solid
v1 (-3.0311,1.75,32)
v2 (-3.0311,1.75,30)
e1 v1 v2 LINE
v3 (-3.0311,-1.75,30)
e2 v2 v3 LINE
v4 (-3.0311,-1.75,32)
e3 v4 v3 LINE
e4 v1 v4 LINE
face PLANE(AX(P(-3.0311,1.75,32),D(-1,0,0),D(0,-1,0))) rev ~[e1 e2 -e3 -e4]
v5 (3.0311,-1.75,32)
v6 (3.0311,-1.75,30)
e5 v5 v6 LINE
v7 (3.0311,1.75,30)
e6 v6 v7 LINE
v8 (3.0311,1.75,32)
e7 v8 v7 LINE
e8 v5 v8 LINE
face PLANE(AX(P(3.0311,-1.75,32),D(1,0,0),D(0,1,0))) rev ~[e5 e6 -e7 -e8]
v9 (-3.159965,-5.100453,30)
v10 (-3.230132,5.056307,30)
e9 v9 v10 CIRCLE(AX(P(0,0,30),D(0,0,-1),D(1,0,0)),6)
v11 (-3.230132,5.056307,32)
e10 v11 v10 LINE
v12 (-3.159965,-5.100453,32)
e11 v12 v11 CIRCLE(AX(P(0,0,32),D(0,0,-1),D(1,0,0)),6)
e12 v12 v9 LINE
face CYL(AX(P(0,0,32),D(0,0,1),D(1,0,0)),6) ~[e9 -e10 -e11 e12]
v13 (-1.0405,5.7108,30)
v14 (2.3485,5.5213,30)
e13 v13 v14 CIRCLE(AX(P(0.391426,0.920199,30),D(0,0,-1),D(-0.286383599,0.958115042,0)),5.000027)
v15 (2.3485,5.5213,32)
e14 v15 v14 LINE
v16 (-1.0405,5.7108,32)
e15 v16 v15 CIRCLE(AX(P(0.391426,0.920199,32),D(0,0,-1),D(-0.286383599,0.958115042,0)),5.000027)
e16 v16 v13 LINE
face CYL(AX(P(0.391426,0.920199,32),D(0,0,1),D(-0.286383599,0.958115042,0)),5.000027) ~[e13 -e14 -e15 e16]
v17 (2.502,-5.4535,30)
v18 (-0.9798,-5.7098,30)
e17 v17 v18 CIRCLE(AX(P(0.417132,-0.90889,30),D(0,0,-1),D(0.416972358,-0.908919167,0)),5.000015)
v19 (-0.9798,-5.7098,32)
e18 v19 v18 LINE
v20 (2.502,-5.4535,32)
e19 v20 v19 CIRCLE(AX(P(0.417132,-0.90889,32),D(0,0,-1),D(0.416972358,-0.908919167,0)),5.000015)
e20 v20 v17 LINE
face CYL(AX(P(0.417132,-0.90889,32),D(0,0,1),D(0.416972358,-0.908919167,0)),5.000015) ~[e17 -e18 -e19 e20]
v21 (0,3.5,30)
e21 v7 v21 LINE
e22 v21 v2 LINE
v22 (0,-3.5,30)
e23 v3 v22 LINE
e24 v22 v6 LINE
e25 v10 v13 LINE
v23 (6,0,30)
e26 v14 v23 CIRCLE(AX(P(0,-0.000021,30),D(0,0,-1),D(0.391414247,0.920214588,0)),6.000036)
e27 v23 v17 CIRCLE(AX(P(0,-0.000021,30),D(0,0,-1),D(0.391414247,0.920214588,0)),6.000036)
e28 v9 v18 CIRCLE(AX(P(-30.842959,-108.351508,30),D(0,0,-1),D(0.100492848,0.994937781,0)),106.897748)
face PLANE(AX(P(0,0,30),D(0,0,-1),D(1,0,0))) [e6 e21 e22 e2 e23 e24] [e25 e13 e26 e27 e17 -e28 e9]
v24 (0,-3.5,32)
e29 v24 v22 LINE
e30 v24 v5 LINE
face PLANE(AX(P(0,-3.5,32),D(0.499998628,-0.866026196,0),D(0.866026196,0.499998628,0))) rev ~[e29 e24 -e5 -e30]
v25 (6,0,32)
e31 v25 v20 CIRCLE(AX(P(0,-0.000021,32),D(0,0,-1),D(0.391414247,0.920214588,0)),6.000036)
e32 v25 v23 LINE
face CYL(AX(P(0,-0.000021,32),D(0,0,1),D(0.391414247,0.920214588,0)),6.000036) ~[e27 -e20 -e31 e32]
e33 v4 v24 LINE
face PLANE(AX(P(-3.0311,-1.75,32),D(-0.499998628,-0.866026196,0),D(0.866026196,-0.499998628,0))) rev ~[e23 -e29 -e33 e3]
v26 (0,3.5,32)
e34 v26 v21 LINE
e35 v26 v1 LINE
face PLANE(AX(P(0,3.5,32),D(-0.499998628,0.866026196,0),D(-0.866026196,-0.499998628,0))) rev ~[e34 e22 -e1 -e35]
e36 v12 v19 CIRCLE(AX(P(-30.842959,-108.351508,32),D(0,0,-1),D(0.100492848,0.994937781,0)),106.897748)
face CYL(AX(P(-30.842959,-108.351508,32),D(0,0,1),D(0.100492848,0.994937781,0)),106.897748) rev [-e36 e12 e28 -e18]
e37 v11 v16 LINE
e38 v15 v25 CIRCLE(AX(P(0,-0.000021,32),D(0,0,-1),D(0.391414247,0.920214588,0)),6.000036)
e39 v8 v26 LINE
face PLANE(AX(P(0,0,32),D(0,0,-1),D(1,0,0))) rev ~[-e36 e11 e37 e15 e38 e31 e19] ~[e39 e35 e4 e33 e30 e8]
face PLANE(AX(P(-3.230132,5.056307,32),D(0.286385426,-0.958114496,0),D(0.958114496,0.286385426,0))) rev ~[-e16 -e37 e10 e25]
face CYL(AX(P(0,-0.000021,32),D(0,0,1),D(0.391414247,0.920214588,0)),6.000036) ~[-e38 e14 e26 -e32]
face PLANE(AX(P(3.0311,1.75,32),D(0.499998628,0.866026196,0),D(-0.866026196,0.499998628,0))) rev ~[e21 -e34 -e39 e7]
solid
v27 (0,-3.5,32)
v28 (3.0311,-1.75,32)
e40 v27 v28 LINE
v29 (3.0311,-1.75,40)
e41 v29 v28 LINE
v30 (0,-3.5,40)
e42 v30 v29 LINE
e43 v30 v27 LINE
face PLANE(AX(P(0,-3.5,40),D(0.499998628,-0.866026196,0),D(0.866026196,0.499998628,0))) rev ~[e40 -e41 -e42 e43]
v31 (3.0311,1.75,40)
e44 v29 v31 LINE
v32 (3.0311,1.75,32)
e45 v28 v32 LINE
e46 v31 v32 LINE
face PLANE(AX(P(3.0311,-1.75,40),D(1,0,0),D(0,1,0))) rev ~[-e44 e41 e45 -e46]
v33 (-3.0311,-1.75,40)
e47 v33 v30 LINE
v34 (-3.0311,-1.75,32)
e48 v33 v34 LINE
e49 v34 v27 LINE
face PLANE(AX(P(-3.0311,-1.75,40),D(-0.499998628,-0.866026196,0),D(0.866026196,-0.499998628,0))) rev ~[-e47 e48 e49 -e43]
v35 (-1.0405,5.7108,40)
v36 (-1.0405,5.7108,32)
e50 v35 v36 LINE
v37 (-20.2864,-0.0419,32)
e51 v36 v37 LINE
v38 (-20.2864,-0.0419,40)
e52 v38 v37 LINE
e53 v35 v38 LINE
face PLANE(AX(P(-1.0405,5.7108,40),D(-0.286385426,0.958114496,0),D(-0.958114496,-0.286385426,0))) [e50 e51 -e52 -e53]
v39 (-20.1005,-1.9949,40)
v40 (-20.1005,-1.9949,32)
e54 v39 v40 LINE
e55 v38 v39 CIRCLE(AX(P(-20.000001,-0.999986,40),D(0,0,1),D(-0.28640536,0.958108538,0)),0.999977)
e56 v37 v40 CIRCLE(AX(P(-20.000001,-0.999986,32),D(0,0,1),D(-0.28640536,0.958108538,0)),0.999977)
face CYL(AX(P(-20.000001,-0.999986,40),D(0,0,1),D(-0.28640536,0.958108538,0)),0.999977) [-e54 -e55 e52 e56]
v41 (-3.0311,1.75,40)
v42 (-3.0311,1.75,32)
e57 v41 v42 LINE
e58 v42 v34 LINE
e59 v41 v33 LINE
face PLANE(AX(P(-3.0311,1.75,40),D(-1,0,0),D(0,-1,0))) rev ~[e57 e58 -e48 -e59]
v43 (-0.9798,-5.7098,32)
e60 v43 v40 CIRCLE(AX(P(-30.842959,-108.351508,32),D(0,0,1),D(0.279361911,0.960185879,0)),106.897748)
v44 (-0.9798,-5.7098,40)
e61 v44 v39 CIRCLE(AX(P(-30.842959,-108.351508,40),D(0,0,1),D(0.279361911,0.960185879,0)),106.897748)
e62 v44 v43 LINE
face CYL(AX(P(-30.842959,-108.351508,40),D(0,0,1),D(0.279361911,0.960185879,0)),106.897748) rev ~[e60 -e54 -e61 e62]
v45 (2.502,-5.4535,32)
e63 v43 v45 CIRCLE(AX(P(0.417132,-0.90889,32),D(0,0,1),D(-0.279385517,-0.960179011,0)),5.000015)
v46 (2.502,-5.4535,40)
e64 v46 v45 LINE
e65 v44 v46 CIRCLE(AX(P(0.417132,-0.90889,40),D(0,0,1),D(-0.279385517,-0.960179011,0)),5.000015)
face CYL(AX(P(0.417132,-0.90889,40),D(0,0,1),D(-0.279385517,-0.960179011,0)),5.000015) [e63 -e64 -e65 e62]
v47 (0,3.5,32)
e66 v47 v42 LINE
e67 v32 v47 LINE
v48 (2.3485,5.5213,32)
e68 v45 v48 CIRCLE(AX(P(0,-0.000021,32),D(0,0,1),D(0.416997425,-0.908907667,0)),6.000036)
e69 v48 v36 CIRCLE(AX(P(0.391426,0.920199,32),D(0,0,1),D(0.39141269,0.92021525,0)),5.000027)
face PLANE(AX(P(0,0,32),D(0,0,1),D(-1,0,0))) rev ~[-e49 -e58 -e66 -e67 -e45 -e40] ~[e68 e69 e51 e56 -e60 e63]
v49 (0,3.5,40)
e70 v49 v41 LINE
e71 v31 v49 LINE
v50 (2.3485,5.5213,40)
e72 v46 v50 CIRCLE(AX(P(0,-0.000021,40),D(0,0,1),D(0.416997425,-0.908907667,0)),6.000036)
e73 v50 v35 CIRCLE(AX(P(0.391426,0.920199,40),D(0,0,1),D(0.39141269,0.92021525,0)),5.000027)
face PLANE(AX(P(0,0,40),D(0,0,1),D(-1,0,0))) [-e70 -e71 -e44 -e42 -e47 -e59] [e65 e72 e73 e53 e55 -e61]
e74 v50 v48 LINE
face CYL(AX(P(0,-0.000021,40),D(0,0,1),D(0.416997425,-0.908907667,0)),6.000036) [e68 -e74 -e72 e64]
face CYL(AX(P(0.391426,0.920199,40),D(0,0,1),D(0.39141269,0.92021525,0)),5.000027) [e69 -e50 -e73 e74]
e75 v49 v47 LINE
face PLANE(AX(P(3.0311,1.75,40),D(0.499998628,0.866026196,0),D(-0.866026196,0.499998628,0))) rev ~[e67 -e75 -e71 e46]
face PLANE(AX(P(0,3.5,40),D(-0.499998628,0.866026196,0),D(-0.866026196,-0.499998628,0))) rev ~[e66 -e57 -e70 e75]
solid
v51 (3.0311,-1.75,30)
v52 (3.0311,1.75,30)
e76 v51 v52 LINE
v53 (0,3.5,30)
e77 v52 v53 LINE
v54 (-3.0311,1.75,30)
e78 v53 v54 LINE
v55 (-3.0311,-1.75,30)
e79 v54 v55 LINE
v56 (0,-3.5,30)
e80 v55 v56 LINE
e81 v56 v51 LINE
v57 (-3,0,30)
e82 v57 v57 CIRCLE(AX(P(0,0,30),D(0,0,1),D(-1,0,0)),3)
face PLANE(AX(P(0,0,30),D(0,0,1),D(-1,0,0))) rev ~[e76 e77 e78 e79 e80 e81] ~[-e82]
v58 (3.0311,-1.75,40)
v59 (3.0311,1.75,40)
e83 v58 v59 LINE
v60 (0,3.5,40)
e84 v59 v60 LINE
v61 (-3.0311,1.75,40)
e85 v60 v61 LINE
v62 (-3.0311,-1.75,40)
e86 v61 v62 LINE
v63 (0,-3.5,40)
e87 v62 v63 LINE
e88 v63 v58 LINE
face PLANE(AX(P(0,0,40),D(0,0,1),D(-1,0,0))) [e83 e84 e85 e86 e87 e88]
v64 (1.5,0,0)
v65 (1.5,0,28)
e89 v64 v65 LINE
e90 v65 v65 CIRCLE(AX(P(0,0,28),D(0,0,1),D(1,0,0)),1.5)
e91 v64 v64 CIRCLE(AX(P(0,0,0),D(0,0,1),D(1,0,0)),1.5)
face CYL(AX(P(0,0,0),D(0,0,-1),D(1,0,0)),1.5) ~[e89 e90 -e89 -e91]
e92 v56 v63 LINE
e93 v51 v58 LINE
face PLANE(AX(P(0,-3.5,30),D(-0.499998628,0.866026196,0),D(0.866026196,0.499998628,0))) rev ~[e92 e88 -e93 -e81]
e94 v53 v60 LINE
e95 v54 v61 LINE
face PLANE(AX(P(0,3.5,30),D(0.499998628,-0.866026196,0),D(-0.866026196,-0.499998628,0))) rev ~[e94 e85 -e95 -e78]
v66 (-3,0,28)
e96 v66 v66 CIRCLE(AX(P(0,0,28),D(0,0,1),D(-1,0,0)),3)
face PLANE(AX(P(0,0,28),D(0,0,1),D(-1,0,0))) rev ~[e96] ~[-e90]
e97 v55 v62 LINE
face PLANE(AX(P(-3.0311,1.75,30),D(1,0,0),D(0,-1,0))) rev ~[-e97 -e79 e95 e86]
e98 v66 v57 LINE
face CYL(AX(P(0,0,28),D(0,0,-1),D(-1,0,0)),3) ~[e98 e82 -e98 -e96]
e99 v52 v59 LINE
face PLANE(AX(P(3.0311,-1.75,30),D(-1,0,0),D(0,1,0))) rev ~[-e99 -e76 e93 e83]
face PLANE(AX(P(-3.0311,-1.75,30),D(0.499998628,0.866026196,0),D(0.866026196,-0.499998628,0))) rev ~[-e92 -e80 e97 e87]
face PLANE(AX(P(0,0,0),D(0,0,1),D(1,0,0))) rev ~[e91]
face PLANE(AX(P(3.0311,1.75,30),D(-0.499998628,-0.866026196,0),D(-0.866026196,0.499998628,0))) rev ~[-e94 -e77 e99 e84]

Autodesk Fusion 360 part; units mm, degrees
sketch "Sketch1" plane through (0, 0, 0) normal (0, 0, 1) x (1, 0, 0)
  circle A0 centre (0, 0) radius 1.5
  dimension "d1" = 3
extrude "Extrude1" add sketch "Sketch1" along normal blind 28 makes body 1
sketch "Sketch2" plane through (0, 0, 28) normal (0, 0, 1) x (-1, 0, 0)
  circle A0 centre (0, 0) radius 1.5
  circle A1 centre (0, 0) radius 3
  dimension "d4" = 6
extrude "Extrude2" add sketch "Sketch2" along normal blind 2 contours A0 | A1 bodies 1
sketch "Sketch3" plane through (0, 0, 30) normal (0, 0, 1) x (-1, 0, 0)
  circle A0 centre (0, 0) radius 3
  line L0 (0, -3.5) -> (3.0311, -1.75)
  line L1 (3.0311, -1.75) -> (3.0311, 1.75)
  line L2 (3.0311, 1.75) -> (0, 3.5)
  line L3 (0, 3.5) -> (-3.0311, 1.75)
  line L4 (-3.0311, 1.75) -> (-3.0311, -1.75)
  line L5 (-3.0311, -1.75) -> (0, -3.5)
  dimension "d7" = 3.5
extrude "Extrude3" add sketch "Sketch3" along normal blind 10 contours A0 | L0 L1 L2 L3 L4 L5 bodies 1
sketch "Sketch4" plane through (0, 0, 40) normal (0, 0, 1) x (-1, 0, 0)
  line L0 (-3.0311, -1.75) -> (0, -3.5)
  line L1 (0, -3.5) -> (3.0311, -1.75)
  line L2 (3.0311, -1.75) -> (3.0311, 1.75)
  line L3 (3.0311, 1.75) -> (0, 3.5)
  line L4 (0, 3.5) -> (-3.0311, 1.75)
  line L5 (-3.0311, 1.75) -> (-3.0311, -1.75)
  line L6 (1.0405, -5.7108) -> (20.2864, 0.0419)
  arc A0 (0.9798, 5.7098) -> (20.1005, 1.9949) centre (30.843, 108.3515) ccw
  arc A1 (20.2864, 0.0419) -> (20.1005, 1.9949) centre (20, 1) ccw
  arc A2 (-2.502, 5.4535) -> (-2.3485, -5.5213) centre (0, 0) ccw
  arc A3 (-2.3485, -5.5213) -> (1.0405, -5.7108) centre (-0.3914, -0.9202) ccw
  arc A4 (0.9798, 5.7098) -> (-2.502, 5.4535) centre (-0.417, 0.9089) ccw
  dimension "d10" = 12
  dimension "d12" = 1
  dimension "d13" = 20
  dimension "d14" = 5
  dimension "d20" = 5
  dimension "d21" = 106.8978
  dimension "d22" = 0.8298
  dimension "d23" = 2.6141
  dimension "d24" = 33.8741
extrude "Extrude4" add sketch "Sketch4" against normal blind 8 separate body makes body 2
sketch "Sketch5" plane through (0, 0, 32) normal (0, 0, -1) x (1, 0, 0)
  line L0 (3.0311, 1.75) -> (3.0311, -1.75)
  line L1 (3.0311, -1.75) -> (0, -3.5)
  line L2 (0, -3.5) -> (-3.0311, -1.75)
  line L3 (-3.0311, -1.75) -> (-3.0311, 1.75)
  line L4 (-3.0311, 1.75) -> (0, 3.5)
  line L5 (0, 3.5) -> (3.0311, 1.75)
  arc A0 (2.3485, -5.5213) -> (2.502, 5.4535) centre (0, 0) ccw
  arc A1 (-20.1005, 1.9949) -> (-0.9798, 5.7098) centre (-30.843, 108.3515) ccw
  arc A2 (-20.1005, 1.9949) -> (-20.2864, 0.0419) centre (-20, 1) ccw
  line L6 (-20.2864, 0.0419) -> (-1.0405, -5.7108)
  arc A3 (-1.0405, -5.7108) -> (2.3485, -5.5213) centre (0.3914, -0.9202) ccw
  circle A4 centre (0, 0) radius 6
  arc A5 (2.502, 5.4535) -> (-0.9798, 5.7098) centre (0.417, 0.9089) ccw
  dimension "d17" = 12
extrude "Extrude5" add sketch "Sketch5" along normal blind 2 separate body contours A0 A1 L6 A3 A4 A5 makes body 3
equation "d2 = ( 55 / 2 ) * 1 mm + 0.5 mm"
